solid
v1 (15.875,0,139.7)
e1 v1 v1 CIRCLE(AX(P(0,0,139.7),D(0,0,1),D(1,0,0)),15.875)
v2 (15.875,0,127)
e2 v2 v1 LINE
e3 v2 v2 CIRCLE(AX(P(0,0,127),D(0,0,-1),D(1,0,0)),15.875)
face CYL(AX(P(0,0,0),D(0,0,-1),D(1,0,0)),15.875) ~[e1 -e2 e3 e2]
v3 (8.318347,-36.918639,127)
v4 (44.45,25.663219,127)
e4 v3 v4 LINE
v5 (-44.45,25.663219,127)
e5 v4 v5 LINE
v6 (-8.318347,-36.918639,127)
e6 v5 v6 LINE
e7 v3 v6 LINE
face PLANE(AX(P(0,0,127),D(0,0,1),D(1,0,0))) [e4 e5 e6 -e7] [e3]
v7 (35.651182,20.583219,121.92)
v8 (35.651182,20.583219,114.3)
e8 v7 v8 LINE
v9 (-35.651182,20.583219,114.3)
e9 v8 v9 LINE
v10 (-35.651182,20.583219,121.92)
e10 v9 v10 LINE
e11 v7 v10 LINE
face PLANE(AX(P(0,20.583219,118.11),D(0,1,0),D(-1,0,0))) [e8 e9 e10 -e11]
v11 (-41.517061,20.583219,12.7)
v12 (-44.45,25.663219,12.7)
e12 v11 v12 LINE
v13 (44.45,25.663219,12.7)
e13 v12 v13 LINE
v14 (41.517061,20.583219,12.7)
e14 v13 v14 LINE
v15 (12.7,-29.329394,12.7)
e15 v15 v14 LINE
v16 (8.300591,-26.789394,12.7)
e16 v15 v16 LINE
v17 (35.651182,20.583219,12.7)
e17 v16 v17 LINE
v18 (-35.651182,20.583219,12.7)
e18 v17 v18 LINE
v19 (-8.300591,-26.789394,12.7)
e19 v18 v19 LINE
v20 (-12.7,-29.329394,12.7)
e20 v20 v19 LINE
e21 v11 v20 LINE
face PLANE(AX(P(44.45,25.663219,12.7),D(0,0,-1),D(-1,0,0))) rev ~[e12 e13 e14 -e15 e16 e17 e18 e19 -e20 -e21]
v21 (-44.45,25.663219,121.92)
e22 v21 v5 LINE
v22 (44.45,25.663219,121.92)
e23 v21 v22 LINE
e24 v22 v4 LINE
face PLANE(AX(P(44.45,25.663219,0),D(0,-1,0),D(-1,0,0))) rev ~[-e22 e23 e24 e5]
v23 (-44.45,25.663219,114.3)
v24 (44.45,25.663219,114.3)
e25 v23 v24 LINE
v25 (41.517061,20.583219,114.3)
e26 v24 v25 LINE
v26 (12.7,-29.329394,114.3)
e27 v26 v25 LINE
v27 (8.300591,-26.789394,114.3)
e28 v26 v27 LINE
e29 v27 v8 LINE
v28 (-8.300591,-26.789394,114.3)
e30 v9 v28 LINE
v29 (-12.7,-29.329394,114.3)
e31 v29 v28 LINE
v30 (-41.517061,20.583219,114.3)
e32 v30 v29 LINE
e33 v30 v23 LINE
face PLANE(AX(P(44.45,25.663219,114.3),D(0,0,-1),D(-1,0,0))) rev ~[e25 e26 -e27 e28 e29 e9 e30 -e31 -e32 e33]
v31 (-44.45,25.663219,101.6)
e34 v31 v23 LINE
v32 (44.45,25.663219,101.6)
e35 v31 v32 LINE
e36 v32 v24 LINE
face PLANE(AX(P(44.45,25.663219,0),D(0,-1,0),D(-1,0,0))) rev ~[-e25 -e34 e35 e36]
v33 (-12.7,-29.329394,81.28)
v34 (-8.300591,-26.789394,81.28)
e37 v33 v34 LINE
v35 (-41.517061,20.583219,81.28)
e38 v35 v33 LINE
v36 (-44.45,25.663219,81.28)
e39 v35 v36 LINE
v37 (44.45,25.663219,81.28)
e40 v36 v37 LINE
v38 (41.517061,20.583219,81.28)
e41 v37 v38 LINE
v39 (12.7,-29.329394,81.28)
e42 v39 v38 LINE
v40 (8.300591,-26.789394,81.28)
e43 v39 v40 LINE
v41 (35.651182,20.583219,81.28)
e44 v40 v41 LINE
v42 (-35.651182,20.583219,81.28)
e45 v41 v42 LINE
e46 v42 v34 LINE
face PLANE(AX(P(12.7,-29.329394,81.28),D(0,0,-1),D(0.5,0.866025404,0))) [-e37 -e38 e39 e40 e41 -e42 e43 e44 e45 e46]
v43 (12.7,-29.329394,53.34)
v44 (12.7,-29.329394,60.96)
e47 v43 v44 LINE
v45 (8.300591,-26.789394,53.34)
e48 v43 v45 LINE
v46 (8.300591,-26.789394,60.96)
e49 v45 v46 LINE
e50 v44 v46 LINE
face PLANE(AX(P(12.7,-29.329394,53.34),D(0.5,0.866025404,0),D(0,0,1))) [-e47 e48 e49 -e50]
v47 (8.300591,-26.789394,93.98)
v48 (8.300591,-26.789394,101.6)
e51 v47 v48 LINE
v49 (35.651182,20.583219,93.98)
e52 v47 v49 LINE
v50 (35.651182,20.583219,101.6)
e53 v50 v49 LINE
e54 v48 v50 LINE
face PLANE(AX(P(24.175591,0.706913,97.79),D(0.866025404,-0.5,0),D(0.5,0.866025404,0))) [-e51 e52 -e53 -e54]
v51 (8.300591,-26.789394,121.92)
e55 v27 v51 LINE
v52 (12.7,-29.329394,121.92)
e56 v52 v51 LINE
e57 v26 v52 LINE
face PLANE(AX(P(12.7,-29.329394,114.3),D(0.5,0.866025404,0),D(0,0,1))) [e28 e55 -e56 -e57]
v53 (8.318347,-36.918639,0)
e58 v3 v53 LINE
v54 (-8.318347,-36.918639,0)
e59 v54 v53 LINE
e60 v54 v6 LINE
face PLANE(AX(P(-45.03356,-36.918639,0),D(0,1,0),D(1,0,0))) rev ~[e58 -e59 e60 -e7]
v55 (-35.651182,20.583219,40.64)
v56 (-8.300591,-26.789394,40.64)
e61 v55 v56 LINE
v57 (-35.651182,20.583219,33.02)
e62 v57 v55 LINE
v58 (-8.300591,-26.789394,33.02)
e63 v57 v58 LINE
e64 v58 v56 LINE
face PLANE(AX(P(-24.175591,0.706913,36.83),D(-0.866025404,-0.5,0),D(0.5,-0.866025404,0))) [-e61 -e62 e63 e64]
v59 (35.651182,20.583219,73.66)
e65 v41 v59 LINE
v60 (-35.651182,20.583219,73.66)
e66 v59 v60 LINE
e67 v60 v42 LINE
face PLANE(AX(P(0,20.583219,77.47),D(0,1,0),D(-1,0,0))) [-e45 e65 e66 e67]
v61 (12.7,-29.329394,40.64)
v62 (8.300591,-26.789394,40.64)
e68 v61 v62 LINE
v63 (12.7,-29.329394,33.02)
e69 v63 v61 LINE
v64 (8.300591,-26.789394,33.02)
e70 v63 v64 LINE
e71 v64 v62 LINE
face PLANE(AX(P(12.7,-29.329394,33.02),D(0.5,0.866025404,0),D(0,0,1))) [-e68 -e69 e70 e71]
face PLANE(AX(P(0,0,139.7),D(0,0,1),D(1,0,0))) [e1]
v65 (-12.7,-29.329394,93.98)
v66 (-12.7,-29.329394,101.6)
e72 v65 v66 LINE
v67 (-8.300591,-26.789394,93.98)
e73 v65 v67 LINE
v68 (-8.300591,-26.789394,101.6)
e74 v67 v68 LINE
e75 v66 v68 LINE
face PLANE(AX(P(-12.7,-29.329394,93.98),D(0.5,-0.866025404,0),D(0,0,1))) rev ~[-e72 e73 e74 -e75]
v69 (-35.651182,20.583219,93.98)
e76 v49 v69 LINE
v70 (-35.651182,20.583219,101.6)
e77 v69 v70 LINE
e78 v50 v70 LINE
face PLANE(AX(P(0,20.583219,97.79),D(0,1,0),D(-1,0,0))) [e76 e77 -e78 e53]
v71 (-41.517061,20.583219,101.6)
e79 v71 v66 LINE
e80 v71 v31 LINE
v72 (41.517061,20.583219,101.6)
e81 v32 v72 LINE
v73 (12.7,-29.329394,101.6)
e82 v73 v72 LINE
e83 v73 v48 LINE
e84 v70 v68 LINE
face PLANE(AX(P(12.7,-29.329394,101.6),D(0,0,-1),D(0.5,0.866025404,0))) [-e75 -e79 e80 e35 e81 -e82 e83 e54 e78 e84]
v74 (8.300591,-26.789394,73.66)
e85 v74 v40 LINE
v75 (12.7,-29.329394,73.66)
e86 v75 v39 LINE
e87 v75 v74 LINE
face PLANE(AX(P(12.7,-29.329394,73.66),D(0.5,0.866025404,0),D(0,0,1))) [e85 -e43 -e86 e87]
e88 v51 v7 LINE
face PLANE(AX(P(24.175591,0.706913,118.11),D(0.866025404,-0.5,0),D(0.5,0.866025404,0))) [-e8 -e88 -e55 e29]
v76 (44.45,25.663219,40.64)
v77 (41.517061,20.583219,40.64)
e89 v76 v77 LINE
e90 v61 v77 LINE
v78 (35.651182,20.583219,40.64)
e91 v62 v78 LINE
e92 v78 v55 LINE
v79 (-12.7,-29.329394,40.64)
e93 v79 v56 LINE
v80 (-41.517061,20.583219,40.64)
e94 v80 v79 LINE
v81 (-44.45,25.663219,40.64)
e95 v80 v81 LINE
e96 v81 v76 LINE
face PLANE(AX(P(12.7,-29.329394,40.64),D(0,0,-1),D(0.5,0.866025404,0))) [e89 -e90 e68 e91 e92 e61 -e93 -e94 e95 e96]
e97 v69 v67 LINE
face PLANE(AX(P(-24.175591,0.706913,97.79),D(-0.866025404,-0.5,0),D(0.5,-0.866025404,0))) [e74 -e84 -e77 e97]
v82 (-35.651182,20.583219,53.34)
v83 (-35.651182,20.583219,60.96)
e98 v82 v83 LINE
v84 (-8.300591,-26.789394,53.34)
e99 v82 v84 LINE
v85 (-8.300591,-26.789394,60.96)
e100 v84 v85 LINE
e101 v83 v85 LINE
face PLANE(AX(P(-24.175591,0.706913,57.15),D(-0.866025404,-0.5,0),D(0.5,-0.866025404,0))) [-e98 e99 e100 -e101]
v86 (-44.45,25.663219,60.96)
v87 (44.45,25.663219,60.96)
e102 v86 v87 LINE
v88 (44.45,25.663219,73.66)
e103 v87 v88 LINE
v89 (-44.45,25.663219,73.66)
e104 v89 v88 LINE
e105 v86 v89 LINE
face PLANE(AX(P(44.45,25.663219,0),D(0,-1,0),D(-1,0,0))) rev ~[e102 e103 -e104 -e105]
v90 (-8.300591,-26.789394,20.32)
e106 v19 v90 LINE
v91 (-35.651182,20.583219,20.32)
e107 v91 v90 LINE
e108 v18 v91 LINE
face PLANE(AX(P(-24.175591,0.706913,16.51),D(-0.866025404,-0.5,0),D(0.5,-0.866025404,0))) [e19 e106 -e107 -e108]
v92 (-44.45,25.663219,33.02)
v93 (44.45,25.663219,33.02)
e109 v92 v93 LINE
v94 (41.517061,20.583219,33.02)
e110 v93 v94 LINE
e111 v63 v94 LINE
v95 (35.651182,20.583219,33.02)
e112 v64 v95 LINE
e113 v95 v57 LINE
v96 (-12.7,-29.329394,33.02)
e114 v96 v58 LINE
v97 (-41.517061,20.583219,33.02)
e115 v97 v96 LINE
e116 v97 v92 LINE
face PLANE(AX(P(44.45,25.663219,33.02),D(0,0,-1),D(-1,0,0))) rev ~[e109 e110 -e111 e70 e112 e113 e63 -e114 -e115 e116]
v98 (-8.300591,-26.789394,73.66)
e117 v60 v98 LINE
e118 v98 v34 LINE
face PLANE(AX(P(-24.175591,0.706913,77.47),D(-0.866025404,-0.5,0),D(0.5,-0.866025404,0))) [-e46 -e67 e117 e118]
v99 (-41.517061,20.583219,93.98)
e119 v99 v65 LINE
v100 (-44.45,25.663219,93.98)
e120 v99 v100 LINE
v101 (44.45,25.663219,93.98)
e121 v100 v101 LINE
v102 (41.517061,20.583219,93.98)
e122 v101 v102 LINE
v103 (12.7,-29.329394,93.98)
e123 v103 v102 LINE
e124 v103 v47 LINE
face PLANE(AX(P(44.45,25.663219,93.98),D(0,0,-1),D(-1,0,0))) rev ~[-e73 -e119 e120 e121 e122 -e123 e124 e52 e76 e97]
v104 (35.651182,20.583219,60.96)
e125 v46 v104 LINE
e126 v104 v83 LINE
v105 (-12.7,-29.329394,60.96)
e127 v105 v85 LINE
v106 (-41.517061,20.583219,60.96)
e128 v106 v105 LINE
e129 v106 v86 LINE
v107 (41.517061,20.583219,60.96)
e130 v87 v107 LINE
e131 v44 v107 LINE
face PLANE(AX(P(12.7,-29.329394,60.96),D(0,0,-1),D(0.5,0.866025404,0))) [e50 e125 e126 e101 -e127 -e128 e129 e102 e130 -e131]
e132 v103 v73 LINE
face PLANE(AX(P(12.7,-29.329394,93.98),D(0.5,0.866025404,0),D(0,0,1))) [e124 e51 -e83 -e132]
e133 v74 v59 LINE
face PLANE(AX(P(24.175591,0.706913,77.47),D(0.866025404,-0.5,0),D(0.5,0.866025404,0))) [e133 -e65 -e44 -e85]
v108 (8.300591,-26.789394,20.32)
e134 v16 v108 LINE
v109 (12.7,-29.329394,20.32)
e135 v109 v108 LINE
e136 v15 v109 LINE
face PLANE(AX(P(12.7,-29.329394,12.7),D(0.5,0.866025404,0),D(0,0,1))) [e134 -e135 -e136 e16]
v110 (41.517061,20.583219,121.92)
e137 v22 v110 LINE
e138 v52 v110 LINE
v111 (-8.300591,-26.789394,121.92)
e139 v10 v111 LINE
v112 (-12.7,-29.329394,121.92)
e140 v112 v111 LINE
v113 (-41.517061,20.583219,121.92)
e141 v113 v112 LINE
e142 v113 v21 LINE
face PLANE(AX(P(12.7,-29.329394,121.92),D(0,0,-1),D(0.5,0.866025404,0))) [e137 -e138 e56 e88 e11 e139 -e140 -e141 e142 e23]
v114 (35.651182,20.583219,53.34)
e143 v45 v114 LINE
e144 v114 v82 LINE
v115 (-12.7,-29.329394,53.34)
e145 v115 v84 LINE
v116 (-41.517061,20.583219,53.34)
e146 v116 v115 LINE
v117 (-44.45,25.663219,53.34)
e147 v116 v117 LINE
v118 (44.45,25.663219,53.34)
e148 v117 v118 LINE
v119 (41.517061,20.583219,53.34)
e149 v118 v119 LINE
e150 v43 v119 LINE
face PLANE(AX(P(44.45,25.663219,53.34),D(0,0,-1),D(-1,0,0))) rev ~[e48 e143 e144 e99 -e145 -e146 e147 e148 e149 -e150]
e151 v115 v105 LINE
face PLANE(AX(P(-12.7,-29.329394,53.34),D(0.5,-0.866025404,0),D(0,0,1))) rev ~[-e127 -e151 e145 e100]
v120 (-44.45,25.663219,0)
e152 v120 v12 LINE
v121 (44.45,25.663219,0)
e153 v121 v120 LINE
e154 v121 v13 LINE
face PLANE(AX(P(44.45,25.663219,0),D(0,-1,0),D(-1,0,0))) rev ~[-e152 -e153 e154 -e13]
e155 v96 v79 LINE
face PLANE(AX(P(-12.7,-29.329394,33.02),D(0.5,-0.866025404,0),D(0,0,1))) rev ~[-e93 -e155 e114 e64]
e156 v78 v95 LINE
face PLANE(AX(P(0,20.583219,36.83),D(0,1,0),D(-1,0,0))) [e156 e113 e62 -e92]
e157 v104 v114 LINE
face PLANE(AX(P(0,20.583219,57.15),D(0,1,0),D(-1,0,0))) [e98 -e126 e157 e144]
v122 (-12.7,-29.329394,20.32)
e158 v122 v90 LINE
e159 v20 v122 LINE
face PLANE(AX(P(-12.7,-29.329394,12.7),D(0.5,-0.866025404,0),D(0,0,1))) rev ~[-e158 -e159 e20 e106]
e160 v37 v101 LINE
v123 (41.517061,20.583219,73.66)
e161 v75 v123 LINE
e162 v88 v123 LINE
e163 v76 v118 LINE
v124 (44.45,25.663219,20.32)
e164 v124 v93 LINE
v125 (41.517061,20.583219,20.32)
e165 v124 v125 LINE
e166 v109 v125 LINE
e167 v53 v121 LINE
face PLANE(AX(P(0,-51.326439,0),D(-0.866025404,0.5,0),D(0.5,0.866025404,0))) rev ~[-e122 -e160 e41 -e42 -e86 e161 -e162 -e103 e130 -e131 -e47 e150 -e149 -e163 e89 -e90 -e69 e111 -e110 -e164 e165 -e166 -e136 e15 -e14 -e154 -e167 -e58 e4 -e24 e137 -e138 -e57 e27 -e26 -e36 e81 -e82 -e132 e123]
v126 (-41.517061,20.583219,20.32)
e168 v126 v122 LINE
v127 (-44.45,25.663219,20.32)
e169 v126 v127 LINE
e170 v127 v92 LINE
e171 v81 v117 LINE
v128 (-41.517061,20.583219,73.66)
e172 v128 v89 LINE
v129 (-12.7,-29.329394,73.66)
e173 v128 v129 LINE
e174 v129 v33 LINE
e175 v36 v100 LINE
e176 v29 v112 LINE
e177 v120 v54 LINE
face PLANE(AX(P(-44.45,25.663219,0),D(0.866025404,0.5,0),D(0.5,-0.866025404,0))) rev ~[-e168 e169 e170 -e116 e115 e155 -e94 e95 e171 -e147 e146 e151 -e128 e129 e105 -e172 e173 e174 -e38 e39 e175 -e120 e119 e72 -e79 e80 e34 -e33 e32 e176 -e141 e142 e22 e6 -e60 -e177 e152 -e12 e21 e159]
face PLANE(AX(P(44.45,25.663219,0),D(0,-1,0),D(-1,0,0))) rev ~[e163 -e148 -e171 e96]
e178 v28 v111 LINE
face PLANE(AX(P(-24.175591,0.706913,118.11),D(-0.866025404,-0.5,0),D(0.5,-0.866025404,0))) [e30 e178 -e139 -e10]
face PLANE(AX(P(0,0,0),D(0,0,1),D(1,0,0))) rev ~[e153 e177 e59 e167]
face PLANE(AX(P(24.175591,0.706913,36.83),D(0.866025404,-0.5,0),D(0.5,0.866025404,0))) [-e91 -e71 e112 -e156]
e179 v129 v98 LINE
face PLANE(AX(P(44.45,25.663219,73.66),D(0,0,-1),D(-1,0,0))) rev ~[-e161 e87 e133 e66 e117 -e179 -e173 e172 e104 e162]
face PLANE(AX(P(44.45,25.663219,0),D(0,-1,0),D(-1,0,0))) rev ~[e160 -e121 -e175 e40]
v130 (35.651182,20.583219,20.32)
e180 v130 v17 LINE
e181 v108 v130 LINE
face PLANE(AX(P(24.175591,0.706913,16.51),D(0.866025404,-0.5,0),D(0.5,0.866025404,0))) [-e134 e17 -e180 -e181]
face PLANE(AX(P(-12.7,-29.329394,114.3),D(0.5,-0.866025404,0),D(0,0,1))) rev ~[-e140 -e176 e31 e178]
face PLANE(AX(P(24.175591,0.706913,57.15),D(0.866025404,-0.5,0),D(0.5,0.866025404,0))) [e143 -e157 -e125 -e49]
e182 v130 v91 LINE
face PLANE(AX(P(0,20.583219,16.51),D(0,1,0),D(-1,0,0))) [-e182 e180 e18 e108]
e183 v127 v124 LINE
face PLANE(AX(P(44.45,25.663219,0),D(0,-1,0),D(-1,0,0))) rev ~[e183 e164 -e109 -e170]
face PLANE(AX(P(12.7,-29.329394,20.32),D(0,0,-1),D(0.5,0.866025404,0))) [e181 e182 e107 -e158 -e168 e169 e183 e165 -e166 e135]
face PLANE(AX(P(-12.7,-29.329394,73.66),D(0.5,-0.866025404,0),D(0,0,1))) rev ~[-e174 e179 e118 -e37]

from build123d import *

# Parameters (mm, degrees)
F1_DEPTH  = 127
F2_W      = 89.5684185014
F2_H      = 63.5
F3_DEPTH  = 215.9
F4_R      = 15.875
F5_DEPTH  = 139.7
F6_W      = 88.9
F6_H      = 7.62
F7_DEPTH  = 5.08
F8_W      = 63.5
F8_H      = 7.62
F9_DEPTH  = 5.08
F10_W     = 63.5
F10_H     = 7.62
F11_DEPTH = 5.08


with BuildPart() as f1:
    # F0 (on Top) → F1 (new body)
    with BuildSketch(Plane.XY):
        Polygon((44.45, 25.6632194655), (-44.45, 25.6632194655), (0, -51.326438931), align=None)
    extrude(amount=F1_DEPTH)

    # F2 (on Top) → F3 (intersect)
    with BuildSketch(Plane.XY):
        with Locations((-0.2493504435, -5.1686391234)):
            Rectangle(F2_W, F2_H)
    extrude(amount=F3_DEPTH, mode=Mode.INTERSECT)

    # F4 (on Top) → F5 (join)
    with BuildSketch(Plane.XY):
        Circle(F4_R)
    extrude(amount=F5_DEPTH)

    # F6 (on face) → F7 (cut)
    with BuildSketch(Plane(origin=(0, 25.6632194655, 0), x_dir=(-1, 0, 0), z_dir=(0, 1, 0))):
        with Locations((0, 16.51)):
            Rectangle(F6_W, F6_H)
        with Locations((0, 36.83)):
            Rectangle(F6_W, F6_H)
        with Locations((0, 57.15)):
            Rectangle(F6_W, F6_H)
        with Locations((0, 77.47)):
            Rectangle(F6_W, F6_H)
        with Locations((0, 97.79)):
            Rectangle(F6_W, F6_H)
        with Locations((0, 118.11)):
            Rectangle(F6_W, F6_H)
    extrude(amount=-F7_DEPTH, mode=Mode.SUBTRACT)

    # F8 (on face) → F9 (cut)
    with BuildSketch(Plane(origin=(22.225, -12.8316097327, 0), x_dir=(0.5, 0.8660254038, 0), z_dir=(0.8660254038, -0.5, 0))):
        with Locations((12.7, 16.51)):
            Rectangle(F8_W, F8_H)
        with Locations((12.7, 36.83)):
            Rectangle(F8_W, F8_H)
        with Locations((12.7, 57.15)):
            Rectangle(F8_W, F8_H)
        with Locations((12.7, 77.47)):
            Rectangle(F8_W, F8_H)
        with Locations((12.7, 97.79)):
            Rectangle(F8_W, F8_H)
        with Locations((12.7, 118.11)):
            Rectangle(F8_W, F8_H)
    extrude(amount=-F9_DEPTH, mode=Mode.SUBTRACT)

    # F10 (on face) → F11 (cut)
    with BuildSketch(Plane(origin=(-22.225, -12.8316097327, 0), x_dir=(0.5, -0.8660254038, 0), z_dir=(-0.8660254038, -0.5, 0))):
        with Locations((-12.7, 16.51)):
            Rectangle(F10_W, F10_H)
        with Locations((-12.7, 36.83)):
            Rectangle(F10_W, F10_H)
        with Locations((-12.7, 57.15)):
            Rectangle(F10_W, F10_H)
        with Locations((-12.7, 77.47)):
            Rectangle(F10_W, F10_H)
        with Locations((-12.7, 97.79)):
            Rectangle(F10_W, F10_H)
        with Locations((-12.7, 118.11)):
            Rectangle(F10_W, F10_H)
    extrude(amount=-F11_DEPTH, mode=Mode.SUBTRACT)


solid = f1.part
